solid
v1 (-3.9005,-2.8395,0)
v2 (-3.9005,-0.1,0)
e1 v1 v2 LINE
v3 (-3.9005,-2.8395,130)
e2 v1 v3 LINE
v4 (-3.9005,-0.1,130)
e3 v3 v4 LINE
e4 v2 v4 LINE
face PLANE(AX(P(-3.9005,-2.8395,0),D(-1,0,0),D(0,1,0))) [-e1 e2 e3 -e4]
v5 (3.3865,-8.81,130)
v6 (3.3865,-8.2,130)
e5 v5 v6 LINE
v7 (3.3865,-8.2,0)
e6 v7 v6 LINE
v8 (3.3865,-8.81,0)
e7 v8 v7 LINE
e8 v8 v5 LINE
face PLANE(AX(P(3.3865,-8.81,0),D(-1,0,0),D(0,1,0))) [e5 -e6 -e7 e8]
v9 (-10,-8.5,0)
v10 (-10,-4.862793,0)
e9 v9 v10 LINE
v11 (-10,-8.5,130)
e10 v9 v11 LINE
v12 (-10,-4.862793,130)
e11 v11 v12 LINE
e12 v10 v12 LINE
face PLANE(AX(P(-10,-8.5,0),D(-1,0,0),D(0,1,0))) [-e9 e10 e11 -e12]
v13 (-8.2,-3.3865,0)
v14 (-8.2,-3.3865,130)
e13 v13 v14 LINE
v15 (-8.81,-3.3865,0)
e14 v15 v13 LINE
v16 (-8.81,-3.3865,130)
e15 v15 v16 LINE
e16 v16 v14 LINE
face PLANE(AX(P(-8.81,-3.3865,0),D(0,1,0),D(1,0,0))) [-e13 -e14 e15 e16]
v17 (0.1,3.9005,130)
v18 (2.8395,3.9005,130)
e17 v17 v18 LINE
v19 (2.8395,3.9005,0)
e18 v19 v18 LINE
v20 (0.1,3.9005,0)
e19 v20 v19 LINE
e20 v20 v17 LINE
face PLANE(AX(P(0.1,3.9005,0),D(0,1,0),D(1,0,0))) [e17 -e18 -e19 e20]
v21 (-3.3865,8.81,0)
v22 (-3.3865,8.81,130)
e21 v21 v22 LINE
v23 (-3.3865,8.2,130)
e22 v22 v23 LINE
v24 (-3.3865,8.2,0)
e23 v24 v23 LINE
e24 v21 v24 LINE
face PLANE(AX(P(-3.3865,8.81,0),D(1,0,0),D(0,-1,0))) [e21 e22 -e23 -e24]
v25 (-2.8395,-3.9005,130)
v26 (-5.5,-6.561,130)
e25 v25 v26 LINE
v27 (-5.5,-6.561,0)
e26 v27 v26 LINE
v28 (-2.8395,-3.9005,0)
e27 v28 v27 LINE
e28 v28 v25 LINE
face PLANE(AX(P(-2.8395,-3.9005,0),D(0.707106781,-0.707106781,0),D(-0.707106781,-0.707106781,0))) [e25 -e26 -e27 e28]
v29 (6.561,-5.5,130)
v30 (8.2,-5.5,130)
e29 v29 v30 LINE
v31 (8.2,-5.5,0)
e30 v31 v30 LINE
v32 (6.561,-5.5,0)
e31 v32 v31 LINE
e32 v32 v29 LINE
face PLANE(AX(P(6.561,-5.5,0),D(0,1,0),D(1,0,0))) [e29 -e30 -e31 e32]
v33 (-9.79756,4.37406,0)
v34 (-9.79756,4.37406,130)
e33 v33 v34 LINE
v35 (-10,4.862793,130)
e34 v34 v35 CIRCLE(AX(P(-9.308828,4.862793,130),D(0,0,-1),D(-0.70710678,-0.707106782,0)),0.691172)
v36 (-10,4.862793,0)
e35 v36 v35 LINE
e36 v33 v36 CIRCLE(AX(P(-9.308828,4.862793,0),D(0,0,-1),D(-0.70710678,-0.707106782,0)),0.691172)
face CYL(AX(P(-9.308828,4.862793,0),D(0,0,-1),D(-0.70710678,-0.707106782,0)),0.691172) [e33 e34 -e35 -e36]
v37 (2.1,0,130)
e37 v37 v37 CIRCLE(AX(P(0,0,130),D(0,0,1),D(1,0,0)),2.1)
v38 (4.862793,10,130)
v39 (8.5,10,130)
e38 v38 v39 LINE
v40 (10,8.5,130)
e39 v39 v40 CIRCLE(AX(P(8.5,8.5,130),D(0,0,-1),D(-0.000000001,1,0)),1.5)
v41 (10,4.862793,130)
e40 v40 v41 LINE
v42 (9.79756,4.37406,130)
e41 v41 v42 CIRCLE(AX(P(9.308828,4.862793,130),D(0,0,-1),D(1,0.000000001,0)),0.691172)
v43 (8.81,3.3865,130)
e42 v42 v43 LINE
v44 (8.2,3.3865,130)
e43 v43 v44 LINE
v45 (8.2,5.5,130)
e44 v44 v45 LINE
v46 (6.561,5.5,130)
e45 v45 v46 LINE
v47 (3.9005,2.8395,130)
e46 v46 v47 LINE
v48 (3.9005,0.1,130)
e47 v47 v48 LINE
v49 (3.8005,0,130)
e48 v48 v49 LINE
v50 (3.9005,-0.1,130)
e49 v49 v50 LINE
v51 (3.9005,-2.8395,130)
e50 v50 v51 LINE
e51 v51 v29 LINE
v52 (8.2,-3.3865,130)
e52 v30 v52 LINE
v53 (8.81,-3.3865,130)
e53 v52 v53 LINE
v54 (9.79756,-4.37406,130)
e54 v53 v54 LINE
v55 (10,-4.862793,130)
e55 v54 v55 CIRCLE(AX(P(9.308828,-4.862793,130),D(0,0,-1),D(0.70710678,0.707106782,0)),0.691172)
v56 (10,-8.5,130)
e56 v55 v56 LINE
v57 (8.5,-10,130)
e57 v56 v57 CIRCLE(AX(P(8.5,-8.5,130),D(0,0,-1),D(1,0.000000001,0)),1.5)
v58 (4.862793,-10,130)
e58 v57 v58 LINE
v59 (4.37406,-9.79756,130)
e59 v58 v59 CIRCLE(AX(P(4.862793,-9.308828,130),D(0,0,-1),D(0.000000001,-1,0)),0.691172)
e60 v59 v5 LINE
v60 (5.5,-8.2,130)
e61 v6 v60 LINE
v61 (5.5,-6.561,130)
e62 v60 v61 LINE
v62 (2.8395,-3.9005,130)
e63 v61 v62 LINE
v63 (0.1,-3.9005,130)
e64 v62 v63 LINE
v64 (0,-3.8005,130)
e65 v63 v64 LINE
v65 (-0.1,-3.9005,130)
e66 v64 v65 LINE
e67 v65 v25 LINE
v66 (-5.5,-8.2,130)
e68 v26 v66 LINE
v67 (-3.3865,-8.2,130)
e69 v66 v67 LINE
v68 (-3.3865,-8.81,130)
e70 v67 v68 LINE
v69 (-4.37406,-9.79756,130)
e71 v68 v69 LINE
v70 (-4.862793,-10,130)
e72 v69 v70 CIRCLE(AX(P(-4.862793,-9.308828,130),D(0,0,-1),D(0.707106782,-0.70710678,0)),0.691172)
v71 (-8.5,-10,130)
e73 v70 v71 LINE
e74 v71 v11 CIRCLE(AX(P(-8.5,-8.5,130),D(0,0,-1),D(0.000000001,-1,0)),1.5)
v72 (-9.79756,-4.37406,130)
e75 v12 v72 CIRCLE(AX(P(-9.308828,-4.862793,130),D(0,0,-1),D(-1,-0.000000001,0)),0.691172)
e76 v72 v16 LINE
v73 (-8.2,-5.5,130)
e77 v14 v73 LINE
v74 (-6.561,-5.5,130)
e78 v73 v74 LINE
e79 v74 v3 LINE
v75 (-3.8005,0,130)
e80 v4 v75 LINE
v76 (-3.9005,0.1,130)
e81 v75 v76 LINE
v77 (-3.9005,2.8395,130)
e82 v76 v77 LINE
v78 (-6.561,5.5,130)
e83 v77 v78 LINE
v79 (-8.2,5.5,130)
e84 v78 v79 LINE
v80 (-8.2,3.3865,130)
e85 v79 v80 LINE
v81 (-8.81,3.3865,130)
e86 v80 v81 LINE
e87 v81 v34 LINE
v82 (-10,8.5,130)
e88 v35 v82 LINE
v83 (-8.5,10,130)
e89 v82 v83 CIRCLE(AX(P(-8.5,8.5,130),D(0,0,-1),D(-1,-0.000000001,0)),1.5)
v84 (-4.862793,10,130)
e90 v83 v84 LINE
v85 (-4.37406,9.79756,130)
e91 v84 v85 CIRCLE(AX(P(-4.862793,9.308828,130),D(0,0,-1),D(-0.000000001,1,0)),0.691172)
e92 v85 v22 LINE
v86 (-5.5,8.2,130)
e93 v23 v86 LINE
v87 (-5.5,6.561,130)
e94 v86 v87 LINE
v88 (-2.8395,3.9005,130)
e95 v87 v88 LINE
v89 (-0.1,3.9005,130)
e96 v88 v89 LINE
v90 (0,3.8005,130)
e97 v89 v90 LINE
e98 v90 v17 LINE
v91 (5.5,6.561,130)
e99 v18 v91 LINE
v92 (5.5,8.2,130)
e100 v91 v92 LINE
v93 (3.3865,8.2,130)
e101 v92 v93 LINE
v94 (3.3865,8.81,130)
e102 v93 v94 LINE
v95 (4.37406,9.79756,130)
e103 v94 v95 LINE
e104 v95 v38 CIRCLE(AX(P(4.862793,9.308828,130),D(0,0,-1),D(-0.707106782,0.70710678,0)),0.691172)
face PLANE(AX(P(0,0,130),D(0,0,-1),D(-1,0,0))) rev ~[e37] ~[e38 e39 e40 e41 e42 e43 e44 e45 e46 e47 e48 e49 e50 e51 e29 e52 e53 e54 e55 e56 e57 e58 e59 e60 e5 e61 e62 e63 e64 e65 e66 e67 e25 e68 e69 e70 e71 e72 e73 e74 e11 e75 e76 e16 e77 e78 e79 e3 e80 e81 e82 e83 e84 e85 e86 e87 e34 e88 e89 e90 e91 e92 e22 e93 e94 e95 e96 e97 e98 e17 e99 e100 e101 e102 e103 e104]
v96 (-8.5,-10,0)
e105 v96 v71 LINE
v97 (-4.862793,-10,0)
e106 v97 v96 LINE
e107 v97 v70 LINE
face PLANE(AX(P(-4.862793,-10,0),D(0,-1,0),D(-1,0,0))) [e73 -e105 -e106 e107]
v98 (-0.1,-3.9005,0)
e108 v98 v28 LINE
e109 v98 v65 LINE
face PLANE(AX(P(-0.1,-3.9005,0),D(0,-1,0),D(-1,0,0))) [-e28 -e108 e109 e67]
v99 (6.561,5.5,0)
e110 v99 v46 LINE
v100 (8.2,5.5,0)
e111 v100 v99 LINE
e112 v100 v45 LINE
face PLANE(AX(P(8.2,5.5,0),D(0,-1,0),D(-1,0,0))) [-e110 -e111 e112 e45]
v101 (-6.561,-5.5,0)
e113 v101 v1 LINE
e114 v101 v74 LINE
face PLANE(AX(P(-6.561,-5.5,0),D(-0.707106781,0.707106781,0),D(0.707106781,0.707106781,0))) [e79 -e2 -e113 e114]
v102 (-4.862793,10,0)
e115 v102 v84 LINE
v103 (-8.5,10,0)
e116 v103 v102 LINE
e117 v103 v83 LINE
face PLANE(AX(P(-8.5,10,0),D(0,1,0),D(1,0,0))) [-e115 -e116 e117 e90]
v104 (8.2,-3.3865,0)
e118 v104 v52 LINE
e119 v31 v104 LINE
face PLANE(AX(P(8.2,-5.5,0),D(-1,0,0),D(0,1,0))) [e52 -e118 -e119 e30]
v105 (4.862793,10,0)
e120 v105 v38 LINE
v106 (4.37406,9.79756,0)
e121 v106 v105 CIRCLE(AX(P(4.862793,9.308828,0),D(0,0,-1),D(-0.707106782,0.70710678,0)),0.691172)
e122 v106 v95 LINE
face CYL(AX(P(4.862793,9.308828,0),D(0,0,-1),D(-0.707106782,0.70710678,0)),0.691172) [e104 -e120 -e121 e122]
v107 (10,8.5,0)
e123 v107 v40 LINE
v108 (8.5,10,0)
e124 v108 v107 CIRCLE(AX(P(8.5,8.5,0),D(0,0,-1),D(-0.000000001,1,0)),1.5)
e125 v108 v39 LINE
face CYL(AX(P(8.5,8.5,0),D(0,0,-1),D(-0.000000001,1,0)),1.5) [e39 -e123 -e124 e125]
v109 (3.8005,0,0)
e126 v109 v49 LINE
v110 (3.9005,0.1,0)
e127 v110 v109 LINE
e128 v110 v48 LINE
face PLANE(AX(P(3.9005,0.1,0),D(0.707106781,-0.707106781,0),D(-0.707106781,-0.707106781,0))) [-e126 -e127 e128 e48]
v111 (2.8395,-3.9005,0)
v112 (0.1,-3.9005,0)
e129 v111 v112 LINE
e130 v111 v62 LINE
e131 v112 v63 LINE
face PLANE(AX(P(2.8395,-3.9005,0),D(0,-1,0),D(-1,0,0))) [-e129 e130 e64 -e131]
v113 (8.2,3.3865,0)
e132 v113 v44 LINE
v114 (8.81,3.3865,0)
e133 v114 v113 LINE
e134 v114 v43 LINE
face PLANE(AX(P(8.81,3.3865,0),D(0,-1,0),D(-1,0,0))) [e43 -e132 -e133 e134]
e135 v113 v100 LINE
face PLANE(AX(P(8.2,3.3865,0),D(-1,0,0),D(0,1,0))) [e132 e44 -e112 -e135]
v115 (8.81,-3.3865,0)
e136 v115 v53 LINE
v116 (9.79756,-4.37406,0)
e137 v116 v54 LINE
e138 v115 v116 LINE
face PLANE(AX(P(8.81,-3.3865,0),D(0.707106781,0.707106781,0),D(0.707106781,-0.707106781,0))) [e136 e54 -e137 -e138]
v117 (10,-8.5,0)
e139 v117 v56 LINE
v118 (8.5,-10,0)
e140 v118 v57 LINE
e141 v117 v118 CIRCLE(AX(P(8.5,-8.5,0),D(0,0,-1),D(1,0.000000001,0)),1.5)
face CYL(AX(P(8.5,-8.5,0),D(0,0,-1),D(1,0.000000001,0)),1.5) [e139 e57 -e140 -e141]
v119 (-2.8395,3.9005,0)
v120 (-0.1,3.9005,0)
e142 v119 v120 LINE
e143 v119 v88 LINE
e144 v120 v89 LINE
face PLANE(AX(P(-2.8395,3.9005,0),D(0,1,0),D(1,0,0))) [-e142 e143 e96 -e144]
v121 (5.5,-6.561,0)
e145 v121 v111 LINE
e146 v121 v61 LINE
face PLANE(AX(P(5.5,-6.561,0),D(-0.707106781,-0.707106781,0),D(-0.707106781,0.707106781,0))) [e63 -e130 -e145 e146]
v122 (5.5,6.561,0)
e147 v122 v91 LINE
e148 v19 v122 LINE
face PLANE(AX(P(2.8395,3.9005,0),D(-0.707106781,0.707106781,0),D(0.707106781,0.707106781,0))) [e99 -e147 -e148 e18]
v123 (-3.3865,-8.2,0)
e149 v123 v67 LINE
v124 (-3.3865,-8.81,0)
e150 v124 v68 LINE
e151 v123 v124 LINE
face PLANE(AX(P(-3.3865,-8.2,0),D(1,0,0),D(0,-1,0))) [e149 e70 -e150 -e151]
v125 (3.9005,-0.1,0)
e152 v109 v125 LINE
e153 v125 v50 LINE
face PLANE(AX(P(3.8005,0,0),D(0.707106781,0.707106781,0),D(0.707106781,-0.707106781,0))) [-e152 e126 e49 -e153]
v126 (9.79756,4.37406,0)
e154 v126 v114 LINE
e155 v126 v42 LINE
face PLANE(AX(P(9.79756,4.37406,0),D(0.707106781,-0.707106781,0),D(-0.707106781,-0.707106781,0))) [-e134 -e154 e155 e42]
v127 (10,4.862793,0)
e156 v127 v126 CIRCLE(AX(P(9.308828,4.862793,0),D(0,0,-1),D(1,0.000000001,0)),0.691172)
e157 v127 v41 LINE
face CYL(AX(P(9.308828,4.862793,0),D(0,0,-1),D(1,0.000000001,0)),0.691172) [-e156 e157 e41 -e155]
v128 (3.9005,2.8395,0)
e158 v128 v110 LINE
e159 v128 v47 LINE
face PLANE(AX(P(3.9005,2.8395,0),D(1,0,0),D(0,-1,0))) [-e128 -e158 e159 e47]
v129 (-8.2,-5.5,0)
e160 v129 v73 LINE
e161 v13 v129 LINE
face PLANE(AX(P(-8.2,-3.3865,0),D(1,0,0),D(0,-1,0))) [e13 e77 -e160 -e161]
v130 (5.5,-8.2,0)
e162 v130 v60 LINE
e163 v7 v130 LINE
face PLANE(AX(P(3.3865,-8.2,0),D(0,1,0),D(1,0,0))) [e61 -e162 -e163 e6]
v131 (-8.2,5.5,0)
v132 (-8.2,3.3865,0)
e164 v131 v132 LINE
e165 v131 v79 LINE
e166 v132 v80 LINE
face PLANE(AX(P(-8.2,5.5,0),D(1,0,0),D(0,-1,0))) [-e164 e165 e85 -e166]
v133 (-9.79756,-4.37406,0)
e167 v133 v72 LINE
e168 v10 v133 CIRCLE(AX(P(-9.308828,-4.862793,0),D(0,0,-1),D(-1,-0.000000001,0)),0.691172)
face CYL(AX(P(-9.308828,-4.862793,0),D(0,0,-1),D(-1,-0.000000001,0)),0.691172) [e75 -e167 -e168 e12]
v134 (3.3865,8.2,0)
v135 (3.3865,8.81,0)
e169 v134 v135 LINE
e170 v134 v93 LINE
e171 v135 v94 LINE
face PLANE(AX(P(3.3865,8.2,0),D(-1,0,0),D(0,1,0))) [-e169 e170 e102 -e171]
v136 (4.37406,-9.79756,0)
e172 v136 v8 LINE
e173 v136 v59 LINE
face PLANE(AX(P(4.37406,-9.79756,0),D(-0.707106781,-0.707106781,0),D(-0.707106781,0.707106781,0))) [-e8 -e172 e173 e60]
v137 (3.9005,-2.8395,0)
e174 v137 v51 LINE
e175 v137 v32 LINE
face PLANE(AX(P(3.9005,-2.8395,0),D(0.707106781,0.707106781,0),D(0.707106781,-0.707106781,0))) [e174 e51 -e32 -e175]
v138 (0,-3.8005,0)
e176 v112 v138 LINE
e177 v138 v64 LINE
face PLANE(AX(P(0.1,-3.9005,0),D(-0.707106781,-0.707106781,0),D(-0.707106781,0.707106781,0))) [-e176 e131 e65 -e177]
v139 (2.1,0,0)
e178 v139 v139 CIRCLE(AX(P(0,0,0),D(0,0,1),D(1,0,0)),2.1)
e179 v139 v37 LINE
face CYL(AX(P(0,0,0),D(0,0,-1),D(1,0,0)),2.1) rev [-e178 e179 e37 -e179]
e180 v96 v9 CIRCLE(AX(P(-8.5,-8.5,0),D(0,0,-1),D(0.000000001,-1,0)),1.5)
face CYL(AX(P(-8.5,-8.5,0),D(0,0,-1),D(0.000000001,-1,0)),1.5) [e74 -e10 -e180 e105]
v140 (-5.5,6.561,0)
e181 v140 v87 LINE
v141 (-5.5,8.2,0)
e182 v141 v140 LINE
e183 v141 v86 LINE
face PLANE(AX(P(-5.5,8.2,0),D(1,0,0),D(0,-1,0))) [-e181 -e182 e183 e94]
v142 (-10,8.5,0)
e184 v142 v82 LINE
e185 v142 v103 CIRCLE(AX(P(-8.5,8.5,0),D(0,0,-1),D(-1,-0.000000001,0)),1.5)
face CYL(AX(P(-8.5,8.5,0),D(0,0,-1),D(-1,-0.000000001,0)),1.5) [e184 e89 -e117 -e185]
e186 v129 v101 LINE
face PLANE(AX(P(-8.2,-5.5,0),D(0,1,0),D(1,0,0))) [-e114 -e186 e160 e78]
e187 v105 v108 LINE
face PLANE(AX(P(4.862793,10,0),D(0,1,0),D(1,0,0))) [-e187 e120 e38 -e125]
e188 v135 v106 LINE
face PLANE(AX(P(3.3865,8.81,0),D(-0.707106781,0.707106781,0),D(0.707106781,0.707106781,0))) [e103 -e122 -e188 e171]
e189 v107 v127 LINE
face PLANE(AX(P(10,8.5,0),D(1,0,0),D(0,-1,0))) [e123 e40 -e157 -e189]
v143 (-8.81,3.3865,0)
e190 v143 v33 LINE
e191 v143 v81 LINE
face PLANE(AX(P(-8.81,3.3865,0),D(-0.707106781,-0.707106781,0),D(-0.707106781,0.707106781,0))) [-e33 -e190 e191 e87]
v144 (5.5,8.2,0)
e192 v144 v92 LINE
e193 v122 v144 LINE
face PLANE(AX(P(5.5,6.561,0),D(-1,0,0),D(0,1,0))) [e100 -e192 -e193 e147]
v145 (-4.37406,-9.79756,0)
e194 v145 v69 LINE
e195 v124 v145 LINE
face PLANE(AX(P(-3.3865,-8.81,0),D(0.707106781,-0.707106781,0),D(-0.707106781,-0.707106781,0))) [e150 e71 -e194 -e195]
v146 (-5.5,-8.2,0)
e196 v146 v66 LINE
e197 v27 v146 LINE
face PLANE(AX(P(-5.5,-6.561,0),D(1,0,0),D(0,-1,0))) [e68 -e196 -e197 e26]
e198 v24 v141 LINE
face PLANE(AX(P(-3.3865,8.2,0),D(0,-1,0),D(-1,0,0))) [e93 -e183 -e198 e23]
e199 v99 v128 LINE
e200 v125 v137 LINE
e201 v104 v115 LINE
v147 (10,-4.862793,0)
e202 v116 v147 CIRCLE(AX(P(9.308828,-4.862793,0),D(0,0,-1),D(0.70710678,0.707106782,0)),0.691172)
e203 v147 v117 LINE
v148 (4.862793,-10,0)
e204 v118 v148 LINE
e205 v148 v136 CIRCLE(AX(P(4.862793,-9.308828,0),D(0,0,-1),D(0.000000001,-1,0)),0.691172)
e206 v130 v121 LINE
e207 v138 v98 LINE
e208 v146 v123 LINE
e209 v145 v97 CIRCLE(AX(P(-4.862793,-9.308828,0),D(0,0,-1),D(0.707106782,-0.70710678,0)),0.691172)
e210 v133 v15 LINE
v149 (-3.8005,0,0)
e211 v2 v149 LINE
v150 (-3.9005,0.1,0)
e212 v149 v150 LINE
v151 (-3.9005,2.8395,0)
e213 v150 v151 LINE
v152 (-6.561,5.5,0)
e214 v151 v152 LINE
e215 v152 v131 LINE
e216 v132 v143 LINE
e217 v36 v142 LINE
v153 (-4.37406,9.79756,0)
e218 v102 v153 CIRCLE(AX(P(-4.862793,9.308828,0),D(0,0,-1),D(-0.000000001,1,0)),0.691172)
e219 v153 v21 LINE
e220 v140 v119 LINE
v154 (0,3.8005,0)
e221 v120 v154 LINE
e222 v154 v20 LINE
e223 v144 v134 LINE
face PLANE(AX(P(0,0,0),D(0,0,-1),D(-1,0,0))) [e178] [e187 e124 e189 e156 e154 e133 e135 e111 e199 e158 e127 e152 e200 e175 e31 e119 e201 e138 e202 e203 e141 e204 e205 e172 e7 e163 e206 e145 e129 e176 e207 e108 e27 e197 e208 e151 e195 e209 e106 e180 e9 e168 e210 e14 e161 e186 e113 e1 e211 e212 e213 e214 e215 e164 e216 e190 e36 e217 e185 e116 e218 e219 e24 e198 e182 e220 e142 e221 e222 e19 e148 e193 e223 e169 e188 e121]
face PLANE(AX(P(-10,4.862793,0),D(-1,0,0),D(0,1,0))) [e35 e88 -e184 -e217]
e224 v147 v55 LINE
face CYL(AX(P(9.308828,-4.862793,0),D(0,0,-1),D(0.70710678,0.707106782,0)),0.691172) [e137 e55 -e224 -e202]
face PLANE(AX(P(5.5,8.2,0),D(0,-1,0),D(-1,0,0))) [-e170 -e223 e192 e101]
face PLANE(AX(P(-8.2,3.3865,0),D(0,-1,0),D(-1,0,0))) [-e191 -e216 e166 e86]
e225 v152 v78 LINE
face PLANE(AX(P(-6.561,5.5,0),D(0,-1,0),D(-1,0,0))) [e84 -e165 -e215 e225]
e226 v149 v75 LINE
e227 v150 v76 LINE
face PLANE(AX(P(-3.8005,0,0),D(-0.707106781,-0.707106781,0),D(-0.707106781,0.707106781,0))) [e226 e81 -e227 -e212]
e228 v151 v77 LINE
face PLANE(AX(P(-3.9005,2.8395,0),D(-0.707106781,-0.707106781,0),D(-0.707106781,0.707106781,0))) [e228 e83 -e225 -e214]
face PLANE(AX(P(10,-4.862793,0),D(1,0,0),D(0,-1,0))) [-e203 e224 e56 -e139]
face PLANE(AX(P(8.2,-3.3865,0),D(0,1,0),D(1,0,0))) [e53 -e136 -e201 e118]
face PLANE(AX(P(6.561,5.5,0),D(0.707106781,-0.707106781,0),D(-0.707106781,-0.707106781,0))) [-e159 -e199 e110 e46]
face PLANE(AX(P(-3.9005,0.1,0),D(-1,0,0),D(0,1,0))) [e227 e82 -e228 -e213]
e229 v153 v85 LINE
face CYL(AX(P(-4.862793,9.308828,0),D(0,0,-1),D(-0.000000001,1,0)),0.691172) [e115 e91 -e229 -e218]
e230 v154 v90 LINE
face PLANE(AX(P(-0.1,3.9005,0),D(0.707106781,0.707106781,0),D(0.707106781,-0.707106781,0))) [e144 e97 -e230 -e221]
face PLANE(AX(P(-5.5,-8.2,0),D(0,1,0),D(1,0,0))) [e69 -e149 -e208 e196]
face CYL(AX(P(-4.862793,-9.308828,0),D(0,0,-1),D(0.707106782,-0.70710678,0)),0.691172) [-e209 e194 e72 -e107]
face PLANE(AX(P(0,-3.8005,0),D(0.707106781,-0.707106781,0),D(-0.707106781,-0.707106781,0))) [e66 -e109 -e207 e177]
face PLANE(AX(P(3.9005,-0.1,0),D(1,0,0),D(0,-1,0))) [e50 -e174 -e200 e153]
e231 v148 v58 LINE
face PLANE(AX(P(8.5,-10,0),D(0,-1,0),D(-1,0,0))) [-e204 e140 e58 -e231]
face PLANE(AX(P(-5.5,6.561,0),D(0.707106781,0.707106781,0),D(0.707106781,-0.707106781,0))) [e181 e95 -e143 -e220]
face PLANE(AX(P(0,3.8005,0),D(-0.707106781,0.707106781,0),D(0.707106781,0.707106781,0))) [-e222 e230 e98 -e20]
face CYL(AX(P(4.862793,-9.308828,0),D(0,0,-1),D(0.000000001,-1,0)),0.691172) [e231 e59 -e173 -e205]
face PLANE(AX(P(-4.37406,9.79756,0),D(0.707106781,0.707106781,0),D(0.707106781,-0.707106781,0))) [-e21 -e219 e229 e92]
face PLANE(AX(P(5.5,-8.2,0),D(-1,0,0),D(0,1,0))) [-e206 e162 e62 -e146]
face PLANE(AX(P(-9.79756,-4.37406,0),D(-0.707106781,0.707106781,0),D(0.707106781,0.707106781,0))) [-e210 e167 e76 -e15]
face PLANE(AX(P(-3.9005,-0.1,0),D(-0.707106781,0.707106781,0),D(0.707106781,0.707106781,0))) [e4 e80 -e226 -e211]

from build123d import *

# Parameters (mm, degrees)
SKETCH1_R           = 2.1
BOSS_EXTRUDE1_DEPTH = 130


with BuildPart() as part:
    # Sketch1 → Boss-Extrude1 (new body)
    with BuildSketch(Plane.XY):
        with BuildLine():
            Line((-8.5, 10), (-4.862792737, 10))
            ThreePointArc((-4.862792737, 10), (-4.598292737, 9.947387679), (-4.374060464, 9.797560464))
            Line((-4.374060464, 9.797560464), (-3.3865, 8.81))
            Line((-3.3865, 8.81), (-3.3865, 8.2))
            Line((-3.3865, 8.2), (-5.5, 8.2))
            Line((-5.5, 8.2), (-5.5, 6.561))
            Line((-5.5, 6.561), (-2.8395, 3.9005))
            Line((-2.8395, 3.9005), (-0.1, 3.9005))
            Line((-0.1, 3.9005), (0, 3.8005))
            Line((0, 3.8005), (0.1, 3.9005))
            Line((0.1, 3.9005), (2.8395, 3.9005))
            Line((2.8395, 3.9005), (5.5, 6.561))
            Line((5.5, 6.561), (5.5, 8.2))
            Line((5.5, 8.2), (3.3865, 8.2))
            Line((3.3865, 8.2), (3.3865, 8.81))
            Line((3.3865, 8.81), (4.374060464, 9.797560464))
            ThreePointArc((4.374060464, 9.797560464), (4.598292737, 9.947387679), (4.862792737, 10))
            Line((4.862792737, 10), (8.5, 10))
            ThreePointArc((8.5, 10), (9.560660172, 9.560660172), (10, 8.5))
            Line((10, 8.5), (10, 4.862792737))
            ThreePointArc((10, 4.862792737), (9.947387679, 4.598292737), (9.797560464, 4.374060464))
            Line((9.797560464, 4.374060464), (8.81, 3.3865))
            Line((8.81, 3.3865), (8.2, 3.3865))
            Line((8.2, 3.3865), (8.2, 5.5))
            Line((8.2, 5.5), (6.561, 5.5))
            Line((6.561, 5.5), (3.9005, 2.8395))
            Line((3.9005, 2.8395), (3.9005, 0.1))
            Line((3.9005, 0.1), (3.8005, 0))
            Line((3.8005, 0), (3.9005, -0.1))
            Line((3.9005, -0.1), (3.9005, -2.8395))
            Line((3.9005, -2.8395), (6.561, -5.5))
            Line((6.561, -5.5), (8.2, -5.5))
            Line((8.2, -5.5), (8.2, -3.3865))
            Line((8.2, -3.3865), (8.81, -3.3865))
            Line((8.81, -3.3865), (9.797560464, -4.374060464))
            ThreePointArc((9.797560464, -4.374060464), (9.947387679, -4.598292737), (10, -4.862792737))
            Line((10, -4.862792737), (10, -8.5))
            ThreePointArc((10, -8.5), (9.560660172, -9.560660172), (8.5, -10))
            Line((8.5, -10), (4.862792737, -10))
            ThreePointArc((4.862792737, -10), (4.598292737, -9.947387679), (4.374060464, -9.797560464))
            Line((4.374060464, -9.797560464), (3.3865, -8.81))
            Line((3.3865, -8.81), (3.3865, -8.2))
            Line((3.3865, -8.2), (5.5, -8.2))
            Line((5.5, -8.2), (5.5, -6.561))
            Line((5.5, -6.561), (2.8395, -3.9005))
            Line((2.8395, -3.9005), (0.1, -3.9005))
            Line((0.1, -3.9005), (0, -3.8005))
            Line((0, -3.8005), (-0.1, -3.9005))
            Line((-0.1, -3.9005), (-2.8395, -3.9005))
            Line((-2.8395, -3.9005), (-5.5, -6.561))
            Line((-5.5, -6.561), (-5.5, -8.2))
            Line((-5.5, -8.2), (-3.3865, -8.2))
            Line((-3.3865, -8.2), (-3.3865, -8.81))
            Line((-3.3865, -8.81), (-4.374060464, -9.797560464))
            ThreePointArc((-4.374060464, -9.797560464), (-4.598292737, -9.947387679), (-4.862792737, -10))
            Line((-4.862792737, -10), (-8.5, -10))
            ThreePointArc((-8.5, -10), (-9.560660172, -9.560660172), (-10, -8.5))
            Line((-10, -8.5), (-10, -4.862792737))
            ThreePointArc((-10, -4.862792737), (-9.947387679, -4.598292737), (-9.797560464, -4.374060464))
            Line((-9.797560464, -4.374060464), (-8.81, -3.3865))
            Line((-8.81, -3.3865), (-8.2, -3.3865))
            Line((-8.2, -3.3865), (-8.2, -5.5))
            Line((-8.2, -5.5), (-6.561, -5.5))
            Line((-6.561, -5.5), (-3.9005, -2.8395))
            Line((-3.9005, -2.8395), (-3.9005, -0.1))
            Line((-3.9005, -0.1), (-3.8005, 0))
            Line((-3.8005, 0), (-3.9005, 0.1))
            Line((-3.9005, 0.1), (-3.9005, 2.8395))
            Line((-3.9005, 2.8395), (-6.561, 5.5))
            Line((-6.561, 5.5), (-8.2, 5.5))
            Line((-8.2, 5.5), (-8.2, 3.3865))
            Line((-8.2, 3.3865), (-8.81, 3.3865))
            Line((-8.81, 3.3865), (-9.797560464, 4.374060464))
            ThreePointArc((-9.797560464, 4.374060464), (-9.947387679, 4.598292737), (-10, 4.862792737))
            Line((-10, 4.862792737), (-10, 8.5))
            ThreePointArc((-10, 8.5), (-9.560660172, 9.560660172), (-8.5, 10))
        make_face()
        Circle(SKETCH1_R, mode=Mode.SUBTRACT)
    extrude(amount=BOSS_EXTRUDE1_DEPTH)


solid = part.part
